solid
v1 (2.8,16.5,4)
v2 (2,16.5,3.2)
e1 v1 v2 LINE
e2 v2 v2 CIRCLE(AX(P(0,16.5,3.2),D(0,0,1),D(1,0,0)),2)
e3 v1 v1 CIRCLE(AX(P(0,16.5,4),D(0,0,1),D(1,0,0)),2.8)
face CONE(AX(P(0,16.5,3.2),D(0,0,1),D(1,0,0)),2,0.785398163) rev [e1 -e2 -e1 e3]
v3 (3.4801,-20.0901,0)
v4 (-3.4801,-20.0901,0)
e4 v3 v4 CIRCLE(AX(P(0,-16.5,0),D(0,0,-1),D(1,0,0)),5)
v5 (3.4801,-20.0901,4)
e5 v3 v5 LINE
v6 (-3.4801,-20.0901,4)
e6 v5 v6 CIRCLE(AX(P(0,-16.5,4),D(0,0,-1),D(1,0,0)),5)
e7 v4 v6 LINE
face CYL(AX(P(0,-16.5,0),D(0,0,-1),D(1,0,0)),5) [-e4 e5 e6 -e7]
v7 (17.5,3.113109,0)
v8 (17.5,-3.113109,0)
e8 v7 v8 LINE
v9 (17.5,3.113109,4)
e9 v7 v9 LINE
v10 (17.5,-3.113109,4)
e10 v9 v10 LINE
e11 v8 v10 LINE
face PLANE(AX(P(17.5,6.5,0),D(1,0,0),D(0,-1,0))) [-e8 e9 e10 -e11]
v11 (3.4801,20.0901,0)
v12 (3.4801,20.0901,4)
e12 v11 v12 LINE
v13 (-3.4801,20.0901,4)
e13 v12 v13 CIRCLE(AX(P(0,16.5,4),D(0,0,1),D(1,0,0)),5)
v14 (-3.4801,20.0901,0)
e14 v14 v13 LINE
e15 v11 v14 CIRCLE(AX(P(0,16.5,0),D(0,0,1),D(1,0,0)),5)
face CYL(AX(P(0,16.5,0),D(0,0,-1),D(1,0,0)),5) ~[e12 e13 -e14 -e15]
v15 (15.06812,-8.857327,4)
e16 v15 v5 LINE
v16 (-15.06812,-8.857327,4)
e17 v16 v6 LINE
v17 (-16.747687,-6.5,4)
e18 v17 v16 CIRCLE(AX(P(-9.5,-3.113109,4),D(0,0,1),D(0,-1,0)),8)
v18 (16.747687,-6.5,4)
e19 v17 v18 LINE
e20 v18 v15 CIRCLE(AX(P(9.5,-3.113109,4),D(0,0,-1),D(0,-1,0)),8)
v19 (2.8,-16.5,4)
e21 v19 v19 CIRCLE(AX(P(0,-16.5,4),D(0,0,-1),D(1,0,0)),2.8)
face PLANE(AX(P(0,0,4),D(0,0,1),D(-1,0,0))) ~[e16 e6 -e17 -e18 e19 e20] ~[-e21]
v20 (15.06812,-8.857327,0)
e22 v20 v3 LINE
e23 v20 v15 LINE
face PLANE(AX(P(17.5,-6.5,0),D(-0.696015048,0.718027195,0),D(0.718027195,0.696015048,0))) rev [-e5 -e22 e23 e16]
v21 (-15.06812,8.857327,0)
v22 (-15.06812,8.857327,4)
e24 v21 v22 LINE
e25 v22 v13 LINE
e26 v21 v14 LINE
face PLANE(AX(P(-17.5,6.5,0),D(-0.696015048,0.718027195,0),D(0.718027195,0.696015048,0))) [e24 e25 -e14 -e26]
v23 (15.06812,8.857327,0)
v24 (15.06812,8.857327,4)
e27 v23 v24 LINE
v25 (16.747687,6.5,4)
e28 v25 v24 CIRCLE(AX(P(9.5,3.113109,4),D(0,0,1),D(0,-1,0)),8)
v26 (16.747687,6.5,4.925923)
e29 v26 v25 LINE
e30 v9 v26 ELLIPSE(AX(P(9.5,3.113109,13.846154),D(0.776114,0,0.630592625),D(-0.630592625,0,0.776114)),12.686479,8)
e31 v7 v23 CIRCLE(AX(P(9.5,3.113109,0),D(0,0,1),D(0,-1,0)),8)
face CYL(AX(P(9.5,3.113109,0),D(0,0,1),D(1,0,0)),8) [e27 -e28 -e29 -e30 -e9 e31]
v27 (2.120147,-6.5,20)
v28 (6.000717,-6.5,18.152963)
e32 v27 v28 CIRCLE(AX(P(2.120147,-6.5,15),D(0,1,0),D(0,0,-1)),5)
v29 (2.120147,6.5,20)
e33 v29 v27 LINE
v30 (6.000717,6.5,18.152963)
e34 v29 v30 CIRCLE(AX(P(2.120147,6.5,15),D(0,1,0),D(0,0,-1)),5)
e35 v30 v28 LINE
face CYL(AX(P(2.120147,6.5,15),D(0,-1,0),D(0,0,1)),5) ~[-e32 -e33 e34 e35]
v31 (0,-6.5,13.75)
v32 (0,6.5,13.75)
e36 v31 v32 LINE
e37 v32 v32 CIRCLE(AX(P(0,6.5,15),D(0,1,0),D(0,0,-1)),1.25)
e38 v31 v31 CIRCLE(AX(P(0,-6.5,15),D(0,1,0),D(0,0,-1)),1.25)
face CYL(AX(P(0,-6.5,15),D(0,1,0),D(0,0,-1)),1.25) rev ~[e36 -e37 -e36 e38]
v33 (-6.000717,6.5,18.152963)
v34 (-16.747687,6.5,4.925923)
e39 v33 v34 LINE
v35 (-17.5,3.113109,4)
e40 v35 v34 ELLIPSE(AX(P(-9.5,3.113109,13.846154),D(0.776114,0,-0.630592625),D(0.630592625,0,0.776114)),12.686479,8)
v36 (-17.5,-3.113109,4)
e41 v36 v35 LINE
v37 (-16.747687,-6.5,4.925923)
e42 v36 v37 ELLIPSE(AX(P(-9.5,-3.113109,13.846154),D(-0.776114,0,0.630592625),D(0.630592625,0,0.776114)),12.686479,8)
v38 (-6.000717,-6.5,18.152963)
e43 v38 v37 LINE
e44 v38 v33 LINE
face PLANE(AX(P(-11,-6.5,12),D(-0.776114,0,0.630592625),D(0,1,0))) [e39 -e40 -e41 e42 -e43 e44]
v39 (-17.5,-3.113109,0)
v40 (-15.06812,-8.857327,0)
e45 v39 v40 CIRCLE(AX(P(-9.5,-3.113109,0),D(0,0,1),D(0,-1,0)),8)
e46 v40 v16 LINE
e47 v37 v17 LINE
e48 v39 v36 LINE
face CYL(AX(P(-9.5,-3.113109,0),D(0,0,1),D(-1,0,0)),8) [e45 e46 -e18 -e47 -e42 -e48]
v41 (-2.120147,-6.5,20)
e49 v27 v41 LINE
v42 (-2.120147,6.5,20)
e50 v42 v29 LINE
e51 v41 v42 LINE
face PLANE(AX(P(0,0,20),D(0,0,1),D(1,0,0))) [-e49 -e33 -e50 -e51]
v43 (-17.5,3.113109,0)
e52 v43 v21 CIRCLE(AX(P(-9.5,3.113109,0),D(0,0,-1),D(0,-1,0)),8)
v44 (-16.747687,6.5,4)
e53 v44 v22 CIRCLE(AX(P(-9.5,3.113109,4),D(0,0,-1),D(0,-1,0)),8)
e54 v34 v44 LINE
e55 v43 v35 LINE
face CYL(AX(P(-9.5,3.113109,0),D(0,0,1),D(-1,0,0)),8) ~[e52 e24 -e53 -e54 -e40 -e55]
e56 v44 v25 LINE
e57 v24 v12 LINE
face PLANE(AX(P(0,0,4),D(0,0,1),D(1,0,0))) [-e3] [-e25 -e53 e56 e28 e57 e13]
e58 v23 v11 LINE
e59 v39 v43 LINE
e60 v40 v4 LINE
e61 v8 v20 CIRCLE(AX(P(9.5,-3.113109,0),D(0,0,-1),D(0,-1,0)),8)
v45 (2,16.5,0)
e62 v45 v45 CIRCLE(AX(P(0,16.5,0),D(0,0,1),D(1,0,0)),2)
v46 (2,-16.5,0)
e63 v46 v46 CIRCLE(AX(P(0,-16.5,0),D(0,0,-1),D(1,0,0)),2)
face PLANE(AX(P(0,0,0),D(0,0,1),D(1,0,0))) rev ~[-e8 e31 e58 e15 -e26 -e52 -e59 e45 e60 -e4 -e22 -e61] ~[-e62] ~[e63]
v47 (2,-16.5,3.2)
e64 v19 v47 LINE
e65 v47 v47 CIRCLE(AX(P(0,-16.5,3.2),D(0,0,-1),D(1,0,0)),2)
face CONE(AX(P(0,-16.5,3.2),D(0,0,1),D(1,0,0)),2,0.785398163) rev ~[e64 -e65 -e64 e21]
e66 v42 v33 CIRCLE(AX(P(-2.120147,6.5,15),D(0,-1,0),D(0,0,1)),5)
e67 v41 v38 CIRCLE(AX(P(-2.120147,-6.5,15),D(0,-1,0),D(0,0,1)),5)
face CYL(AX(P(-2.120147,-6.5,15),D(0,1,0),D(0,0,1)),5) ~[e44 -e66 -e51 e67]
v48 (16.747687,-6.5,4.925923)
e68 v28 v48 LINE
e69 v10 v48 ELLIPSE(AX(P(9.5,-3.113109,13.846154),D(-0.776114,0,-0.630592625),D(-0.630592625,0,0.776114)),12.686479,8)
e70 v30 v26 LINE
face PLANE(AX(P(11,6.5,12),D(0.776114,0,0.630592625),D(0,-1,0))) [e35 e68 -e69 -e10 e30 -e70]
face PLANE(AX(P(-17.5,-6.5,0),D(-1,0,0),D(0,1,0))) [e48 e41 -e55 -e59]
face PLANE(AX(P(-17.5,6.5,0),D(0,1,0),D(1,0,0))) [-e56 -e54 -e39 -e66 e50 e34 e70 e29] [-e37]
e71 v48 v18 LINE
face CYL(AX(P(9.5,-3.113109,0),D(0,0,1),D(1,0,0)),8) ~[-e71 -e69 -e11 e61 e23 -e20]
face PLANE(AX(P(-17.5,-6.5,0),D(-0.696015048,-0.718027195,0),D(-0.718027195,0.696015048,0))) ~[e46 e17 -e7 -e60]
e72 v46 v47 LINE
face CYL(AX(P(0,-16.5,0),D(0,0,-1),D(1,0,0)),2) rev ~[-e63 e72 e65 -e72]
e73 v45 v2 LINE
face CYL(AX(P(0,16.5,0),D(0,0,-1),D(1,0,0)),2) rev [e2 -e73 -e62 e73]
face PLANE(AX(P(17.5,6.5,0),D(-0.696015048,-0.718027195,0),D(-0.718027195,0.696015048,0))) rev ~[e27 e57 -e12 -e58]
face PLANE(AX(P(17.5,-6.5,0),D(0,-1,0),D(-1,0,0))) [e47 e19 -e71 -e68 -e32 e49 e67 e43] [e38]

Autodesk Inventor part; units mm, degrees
ref_plane "YZ Plane" through (0, 0, 0) normal (1, 0, 0) x (0, 1, 0)
ref_plane "XZ Plane" through (0, 0, 0) normal (0, 1, 0) x (-1, 0, 0)
ref_plane "XY Plane" through (0, 0, 0) normal (0, 0, 1) x (1, 0, 0)
sketch "Sketch1" plane through (0, 0, 0) normal (0, 0, 1) x (1, 0, 0)
  line L0 (-17.5, 6.5) -> (17.5, 6.5)
  line L1 (17.5, 6.5) -> (17.5, -6.5)
  line L2 (17.5, -6.5) -> (-17.5, -6.5)
  line L3 (-17.5, -6.5) -> (-17.5, 6.5)
  circle A0 centre (0, 16.5) radius 5
  line L4 (-17.5, 6.5) -> (-3.4801, 20.0901)
  line L5 (17.5, 6.5) -> (3.4801, 20.0901)
  circle A1 centre (0, 16.5) radius 2
  point P0 (0, 0)
  dimension "d0" = 35
  dimension "d1" = 13
  dimension "d5" = 17.5
  dimension "d6" = 6.5
  dimension "d13" = 10
  dimension "d14" = 10
  dimension "d15" = 4
extrude "Extrusion1" add sketch "Sketch1" along normal blind 20 contours L0 L1 L2 L3
extrude "Extrusion3" add sketch "Sketch1" along normal blind 4 contours L4 A0 L5 L0 | A0
mirror "Mirror3" about plane through (0, 0, 0) normal (0, 1, 0) of "Extrusion3"
chamfer "Chamfer1" distance 13 distance2 16 1 edges at (17.5, 0, 20) measured on face at (5.8333, -2.1667, 20)
chamfer "Chamfer2" distance 13 distance2 16 1 edges at (-17.5, 0, 20) measured on face at (-2.8333, -2.1667, 20)
sketch "Sketch2" plane through (-17.5, -6.5, 4) normal (0, -1, 0) x (1, 0, 0)
  line L0 (0, 0) -> (13, 16) projected
  line L1 (0, 0) -> (35, 0) projected
  line L2 (22, 16) -> (35, 0) projected
  line L3 (13, 16) -> (22, 16) projected
  point P0 (17.5, -4)
  point P1 (17.5, 11)
  dimension "d24" = 35
  dimension "d25" = 17.5
  dimension "d26" = 5
hole "Hole1" at (0, -6.5, 15) direction (0, 1, 0) diameter 2.5 end through all
fillet "Fillet1" radius 5 2 edges at (-4.5, 0, 20) (4.5, 0, 20)
fillet "Fillet2" radius 8 4 edges at (-17.5, -6.5, 2) (-17.5, 6.5, 2) (17.5, -6.5, 2) (17.5, 6.5, 2)
chamfer "Chamfer3" distance 0.8 angle 45 2 edges at (-2, -16.5, 4) (-2, 16.5, 4)
equation "\"d5\" = 0.5 * d0"
equation "\"d6\" = 0.5 * d1"
equation "\"d25\" = 0.5 * d24"
properties part number "3DP_PLA_Part_Detector_Base" material "ABS Plastic"
